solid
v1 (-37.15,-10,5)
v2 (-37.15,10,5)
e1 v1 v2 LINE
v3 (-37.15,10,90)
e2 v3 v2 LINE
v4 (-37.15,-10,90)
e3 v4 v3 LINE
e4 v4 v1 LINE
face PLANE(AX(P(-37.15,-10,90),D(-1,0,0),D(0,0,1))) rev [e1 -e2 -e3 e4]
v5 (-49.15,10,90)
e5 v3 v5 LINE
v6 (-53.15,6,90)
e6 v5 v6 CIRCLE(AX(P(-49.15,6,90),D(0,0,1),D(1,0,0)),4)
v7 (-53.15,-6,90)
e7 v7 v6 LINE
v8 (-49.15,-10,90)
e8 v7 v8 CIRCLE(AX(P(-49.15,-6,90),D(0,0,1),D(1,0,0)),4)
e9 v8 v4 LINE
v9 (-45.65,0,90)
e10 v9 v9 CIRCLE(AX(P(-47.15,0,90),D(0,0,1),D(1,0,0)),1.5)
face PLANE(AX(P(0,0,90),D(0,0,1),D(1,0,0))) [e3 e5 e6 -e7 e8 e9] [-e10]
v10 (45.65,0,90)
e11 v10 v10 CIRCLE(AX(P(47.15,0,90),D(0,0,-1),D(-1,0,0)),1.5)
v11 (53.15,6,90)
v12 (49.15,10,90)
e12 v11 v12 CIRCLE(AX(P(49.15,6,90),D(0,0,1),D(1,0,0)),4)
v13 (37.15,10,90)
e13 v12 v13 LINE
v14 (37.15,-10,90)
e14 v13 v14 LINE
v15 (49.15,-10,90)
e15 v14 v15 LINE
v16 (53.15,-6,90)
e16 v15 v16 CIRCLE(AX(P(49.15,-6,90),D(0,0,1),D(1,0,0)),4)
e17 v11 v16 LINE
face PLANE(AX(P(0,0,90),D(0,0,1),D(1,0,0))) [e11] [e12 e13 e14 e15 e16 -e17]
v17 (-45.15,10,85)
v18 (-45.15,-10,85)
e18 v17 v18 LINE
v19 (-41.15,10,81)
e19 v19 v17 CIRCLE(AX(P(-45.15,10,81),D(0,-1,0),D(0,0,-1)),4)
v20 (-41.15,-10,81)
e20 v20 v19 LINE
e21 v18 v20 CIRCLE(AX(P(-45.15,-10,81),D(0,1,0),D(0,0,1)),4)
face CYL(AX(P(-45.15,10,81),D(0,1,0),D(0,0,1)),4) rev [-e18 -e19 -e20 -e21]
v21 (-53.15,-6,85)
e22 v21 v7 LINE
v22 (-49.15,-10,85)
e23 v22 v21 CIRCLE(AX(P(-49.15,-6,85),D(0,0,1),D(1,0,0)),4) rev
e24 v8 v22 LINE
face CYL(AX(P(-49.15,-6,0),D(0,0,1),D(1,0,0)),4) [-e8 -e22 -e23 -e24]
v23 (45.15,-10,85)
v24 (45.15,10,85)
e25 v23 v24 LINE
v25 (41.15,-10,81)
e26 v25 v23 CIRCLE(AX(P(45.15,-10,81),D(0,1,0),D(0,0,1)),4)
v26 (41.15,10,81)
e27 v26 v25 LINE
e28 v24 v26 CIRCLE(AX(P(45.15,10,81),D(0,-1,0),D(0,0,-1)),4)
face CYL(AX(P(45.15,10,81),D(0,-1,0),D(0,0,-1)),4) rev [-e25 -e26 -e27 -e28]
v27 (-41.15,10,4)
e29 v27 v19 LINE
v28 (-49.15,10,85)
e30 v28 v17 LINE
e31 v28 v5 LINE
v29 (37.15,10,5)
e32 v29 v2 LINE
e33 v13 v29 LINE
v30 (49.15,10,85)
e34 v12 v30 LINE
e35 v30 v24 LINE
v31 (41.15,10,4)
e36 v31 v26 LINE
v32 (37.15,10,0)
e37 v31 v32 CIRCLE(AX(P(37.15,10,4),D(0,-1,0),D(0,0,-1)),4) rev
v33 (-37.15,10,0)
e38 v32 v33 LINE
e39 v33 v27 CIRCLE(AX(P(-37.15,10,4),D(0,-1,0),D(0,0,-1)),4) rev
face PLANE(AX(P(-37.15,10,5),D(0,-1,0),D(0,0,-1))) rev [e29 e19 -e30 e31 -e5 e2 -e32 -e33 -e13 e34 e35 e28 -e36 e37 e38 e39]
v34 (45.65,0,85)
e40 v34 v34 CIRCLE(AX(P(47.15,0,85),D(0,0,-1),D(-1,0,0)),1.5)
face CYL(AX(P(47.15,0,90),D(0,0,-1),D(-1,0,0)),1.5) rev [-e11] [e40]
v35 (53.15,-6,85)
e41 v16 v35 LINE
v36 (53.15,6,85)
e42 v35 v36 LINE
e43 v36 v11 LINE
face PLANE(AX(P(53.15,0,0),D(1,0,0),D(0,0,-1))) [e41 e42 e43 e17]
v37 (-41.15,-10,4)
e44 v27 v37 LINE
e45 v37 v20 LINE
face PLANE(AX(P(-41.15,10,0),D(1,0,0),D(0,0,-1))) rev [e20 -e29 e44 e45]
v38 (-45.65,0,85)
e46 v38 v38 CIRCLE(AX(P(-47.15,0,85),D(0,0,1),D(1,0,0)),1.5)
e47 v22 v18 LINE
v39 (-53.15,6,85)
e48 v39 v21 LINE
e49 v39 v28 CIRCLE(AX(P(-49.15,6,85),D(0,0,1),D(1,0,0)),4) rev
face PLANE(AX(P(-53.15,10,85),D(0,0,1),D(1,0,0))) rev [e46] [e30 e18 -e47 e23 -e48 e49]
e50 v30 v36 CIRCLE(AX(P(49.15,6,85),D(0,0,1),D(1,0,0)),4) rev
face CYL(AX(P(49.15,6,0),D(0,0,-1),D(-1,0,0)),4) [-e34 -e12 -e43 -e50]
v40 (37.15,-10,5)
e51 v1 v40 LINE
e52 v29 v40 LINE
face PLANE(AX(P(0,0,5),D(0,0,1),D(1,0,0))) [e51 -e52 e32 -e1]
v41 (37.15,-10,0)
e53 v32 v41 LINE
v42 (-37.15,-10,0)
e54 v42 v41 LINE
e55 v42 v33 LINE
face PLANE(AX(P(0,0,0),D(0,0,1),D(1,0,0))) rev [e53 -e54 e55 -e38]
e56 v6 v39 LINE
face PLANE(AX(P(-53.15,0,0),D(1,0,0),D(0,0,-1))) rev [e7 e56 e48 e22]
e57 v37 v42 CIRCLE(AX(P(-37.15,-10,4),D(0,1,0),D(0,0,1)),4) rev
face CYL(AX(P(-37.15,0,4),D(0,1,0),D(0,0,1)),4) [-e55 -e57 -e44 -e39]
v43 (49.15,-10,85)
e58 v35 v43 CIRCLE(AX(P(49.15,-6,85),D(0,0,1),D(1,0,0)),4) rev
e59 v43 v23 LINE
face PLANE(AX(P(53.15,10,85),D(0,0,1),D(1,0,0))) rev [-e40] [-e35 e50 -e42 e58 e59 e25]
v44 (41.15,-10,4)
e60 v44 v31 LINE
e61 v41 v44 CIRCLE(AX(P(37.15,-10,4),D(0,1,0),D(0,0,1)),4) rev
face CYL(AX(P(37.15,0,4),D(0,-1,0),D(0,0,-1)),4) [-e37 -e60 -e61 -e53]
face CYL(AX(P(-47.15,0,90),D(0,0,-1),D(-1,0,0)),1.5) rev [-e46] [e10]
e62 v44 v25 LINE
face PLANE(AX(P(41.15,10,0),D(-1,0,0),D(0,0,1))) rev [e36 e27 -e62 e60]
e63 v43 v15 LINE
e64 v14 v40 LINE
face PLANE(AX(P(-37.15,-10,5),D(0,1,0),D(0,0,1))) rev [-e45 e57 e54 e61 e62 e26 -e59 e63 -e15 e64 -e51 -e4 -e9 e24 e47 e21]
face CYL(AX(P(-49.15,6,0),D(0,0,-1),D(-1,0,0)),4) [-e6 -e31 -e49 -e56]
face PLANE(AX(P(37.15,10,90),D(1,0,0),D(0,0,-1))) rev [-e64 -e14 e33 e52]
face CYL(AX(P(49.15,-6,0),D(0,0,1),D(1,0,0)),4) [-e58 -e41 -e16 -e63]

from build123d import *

# Parameters (mm, degrees)
SCHIZZO1_W                     = 74.3
SCHIZZO1_H                     = 20
ESTRUSIONE_ESTRUSIONE1_DEPTH   = 5
SCHIZZO2_W                     = 4
SCHIZZO2_H                     = 20
ESTRUSIONE_ESTRUSIONE2_DEPTH   = 85
ESTRUSIONE_ESTRUSIONE2_2_DEPTH = 85
SCHIZZO3_W                     = 4
SCHIZZO3_H                     = 20
ESTRUSIONE_ESTRUSIONE3_DEPTH   = 5
SCHIZZO4_W                     = 5
SCHIZZO4_H                     = 20
ESTRUSIONE_ESTRUSIONE4_DEPTH   = 12
SCHIZZO5_R                     = 1.5
TAGLIO_ESTRUSIONE1_DEPTH       = 101.746823771
SCHIZZO6_W                     = 5
SCHIZZO6_H                     = 20
ESTRUSIONE_ESTRUSIONE5_DEPTH   = 12
RACCORDO1_R                    = 4


with BuildPart() as part:
    # Schizzo1 → Estrusione-Estrusione1 (new body)
    with BuildSketch(Plane.XY):
        Rectangle(SCHIZZO1_W, SCHIZZO1_H)
    extrude(amount=ESTRUSIONE_ESTRUSIONE1_DEPTH)



with BuildPart() as body_2:
    # Schizzo2 → Estrusione-Estrusione2 (new body)
    with BuildSketch(Plane.XY.offset(5)):
        with Locations((-39.15, 0)):
            Rectangle(SCHIZZO2_W, SCHIZZO2_H)
    extrude(amount=ESTRUSIONE_ESTRUSIONE2_DEPTH)


with BuildPart() as body_3:
    # Schizzo2 → Estrusione-Estrusione2 2 (new body)
    with BuildSketch(Plane.XY.offset(5)):
        with Locations((39.15, 0)):
            Rectangle(SCHIZZO2_W, SCHIZZO2_H)
    extrude(amount=ESTRUSIONE_ESTRUSIONE2_2_DEPTH)


with BuildPart() as part_1:
    add(part.part)

    add(body_2.part)  # Estrusione-Estrusione3 merges body 2

    add(body_3.part)  # Estrusione-Estrusione3 merges body 3
    # Schizzo3 → Estrusione-Estrusione3 (add)
    with BuildSketch(Plane(origin=(0, 0, 5), x_dir=(-1, 0, 0), z_dir=(0, 0, -1))):
        with Locations((-39.15, 0)):
            Rectangle(SCHIZZO3_W, SCHIZZO3_H)
        with Locations((39.15, 0)):
            Rectangle(SCHIZZO3_W, SCHIZZO3_H)
    extrude(amount=ESTRUSIONE_ESTRUSIONE3_DEPTH)

    # Schizzo4 → Estrusione-Estrusione4 (add)
    with BuildSketch(Plane(origin=(41.15, 0, 0), x_dir=(0, 0, -1), z_dir=(1, 0, 0))):
        with Locations((-87.5, 0)):
            Rectangle(SCHIZZO4_W, SCHIZZO4_H)
    extrude(amount=ESTRUSIONE_ESTRUSIONE4_DEPTH)

    # Schizzo5 → Taglio-Estrusione1 (cut, through all)
    with BuildSketch(Plane(origin=(0, 0, 85), x_dir=(-1, 0, 0), z_dir=(0, 0, -1))):
        with Locations((-47.15, 0)):
            Circle(SCHIZZO5_R)
    taglio_estrusione1 = extrude(amount=-TAGLIO_ESTRUSIONE1_DEPTH, mode=Mode.SUBTRACT)

    # Schizzo6 → Estrusione-Estrusione5 (add)
    with BuildSketch(Plane.ZY.offset(41.15)):
        with Locations((87.5, 0)):
            Rectangle(SCHIZZO6_W, SCHIZZO6_H)
    extrude(amount=ESTRUSIONE_ESTRUSIONE5_DEPTH)

    # Specchia13: Taglio-Estrusione1 across plane
    add(taglio_estrusione1.mirror(Plane(origin=(0, 0, 0), x_dir=(0, 0, 1), z_dir=(1, 0, 0))), mode=Mode.SUBTRACT)

    # Raccordo1
    raccordo1_edges = [part_1.edges().sort_by_distance(p)[0] for p in [
        (-41.15, 0, 85),
        (-53.15, 10, 87.5),
        (-53.15, -10, 87.5),
        (41.15, 0, 0),
        (-41.15, 0, 0),
        (41.15, 0, 85),
        (53.15, -10, 87.5),
        (53.15, 10, 87.5),
    ]]
    fillet(raccordo1_edges, radius=RACCORDO1_R)


solid = part_1.part
